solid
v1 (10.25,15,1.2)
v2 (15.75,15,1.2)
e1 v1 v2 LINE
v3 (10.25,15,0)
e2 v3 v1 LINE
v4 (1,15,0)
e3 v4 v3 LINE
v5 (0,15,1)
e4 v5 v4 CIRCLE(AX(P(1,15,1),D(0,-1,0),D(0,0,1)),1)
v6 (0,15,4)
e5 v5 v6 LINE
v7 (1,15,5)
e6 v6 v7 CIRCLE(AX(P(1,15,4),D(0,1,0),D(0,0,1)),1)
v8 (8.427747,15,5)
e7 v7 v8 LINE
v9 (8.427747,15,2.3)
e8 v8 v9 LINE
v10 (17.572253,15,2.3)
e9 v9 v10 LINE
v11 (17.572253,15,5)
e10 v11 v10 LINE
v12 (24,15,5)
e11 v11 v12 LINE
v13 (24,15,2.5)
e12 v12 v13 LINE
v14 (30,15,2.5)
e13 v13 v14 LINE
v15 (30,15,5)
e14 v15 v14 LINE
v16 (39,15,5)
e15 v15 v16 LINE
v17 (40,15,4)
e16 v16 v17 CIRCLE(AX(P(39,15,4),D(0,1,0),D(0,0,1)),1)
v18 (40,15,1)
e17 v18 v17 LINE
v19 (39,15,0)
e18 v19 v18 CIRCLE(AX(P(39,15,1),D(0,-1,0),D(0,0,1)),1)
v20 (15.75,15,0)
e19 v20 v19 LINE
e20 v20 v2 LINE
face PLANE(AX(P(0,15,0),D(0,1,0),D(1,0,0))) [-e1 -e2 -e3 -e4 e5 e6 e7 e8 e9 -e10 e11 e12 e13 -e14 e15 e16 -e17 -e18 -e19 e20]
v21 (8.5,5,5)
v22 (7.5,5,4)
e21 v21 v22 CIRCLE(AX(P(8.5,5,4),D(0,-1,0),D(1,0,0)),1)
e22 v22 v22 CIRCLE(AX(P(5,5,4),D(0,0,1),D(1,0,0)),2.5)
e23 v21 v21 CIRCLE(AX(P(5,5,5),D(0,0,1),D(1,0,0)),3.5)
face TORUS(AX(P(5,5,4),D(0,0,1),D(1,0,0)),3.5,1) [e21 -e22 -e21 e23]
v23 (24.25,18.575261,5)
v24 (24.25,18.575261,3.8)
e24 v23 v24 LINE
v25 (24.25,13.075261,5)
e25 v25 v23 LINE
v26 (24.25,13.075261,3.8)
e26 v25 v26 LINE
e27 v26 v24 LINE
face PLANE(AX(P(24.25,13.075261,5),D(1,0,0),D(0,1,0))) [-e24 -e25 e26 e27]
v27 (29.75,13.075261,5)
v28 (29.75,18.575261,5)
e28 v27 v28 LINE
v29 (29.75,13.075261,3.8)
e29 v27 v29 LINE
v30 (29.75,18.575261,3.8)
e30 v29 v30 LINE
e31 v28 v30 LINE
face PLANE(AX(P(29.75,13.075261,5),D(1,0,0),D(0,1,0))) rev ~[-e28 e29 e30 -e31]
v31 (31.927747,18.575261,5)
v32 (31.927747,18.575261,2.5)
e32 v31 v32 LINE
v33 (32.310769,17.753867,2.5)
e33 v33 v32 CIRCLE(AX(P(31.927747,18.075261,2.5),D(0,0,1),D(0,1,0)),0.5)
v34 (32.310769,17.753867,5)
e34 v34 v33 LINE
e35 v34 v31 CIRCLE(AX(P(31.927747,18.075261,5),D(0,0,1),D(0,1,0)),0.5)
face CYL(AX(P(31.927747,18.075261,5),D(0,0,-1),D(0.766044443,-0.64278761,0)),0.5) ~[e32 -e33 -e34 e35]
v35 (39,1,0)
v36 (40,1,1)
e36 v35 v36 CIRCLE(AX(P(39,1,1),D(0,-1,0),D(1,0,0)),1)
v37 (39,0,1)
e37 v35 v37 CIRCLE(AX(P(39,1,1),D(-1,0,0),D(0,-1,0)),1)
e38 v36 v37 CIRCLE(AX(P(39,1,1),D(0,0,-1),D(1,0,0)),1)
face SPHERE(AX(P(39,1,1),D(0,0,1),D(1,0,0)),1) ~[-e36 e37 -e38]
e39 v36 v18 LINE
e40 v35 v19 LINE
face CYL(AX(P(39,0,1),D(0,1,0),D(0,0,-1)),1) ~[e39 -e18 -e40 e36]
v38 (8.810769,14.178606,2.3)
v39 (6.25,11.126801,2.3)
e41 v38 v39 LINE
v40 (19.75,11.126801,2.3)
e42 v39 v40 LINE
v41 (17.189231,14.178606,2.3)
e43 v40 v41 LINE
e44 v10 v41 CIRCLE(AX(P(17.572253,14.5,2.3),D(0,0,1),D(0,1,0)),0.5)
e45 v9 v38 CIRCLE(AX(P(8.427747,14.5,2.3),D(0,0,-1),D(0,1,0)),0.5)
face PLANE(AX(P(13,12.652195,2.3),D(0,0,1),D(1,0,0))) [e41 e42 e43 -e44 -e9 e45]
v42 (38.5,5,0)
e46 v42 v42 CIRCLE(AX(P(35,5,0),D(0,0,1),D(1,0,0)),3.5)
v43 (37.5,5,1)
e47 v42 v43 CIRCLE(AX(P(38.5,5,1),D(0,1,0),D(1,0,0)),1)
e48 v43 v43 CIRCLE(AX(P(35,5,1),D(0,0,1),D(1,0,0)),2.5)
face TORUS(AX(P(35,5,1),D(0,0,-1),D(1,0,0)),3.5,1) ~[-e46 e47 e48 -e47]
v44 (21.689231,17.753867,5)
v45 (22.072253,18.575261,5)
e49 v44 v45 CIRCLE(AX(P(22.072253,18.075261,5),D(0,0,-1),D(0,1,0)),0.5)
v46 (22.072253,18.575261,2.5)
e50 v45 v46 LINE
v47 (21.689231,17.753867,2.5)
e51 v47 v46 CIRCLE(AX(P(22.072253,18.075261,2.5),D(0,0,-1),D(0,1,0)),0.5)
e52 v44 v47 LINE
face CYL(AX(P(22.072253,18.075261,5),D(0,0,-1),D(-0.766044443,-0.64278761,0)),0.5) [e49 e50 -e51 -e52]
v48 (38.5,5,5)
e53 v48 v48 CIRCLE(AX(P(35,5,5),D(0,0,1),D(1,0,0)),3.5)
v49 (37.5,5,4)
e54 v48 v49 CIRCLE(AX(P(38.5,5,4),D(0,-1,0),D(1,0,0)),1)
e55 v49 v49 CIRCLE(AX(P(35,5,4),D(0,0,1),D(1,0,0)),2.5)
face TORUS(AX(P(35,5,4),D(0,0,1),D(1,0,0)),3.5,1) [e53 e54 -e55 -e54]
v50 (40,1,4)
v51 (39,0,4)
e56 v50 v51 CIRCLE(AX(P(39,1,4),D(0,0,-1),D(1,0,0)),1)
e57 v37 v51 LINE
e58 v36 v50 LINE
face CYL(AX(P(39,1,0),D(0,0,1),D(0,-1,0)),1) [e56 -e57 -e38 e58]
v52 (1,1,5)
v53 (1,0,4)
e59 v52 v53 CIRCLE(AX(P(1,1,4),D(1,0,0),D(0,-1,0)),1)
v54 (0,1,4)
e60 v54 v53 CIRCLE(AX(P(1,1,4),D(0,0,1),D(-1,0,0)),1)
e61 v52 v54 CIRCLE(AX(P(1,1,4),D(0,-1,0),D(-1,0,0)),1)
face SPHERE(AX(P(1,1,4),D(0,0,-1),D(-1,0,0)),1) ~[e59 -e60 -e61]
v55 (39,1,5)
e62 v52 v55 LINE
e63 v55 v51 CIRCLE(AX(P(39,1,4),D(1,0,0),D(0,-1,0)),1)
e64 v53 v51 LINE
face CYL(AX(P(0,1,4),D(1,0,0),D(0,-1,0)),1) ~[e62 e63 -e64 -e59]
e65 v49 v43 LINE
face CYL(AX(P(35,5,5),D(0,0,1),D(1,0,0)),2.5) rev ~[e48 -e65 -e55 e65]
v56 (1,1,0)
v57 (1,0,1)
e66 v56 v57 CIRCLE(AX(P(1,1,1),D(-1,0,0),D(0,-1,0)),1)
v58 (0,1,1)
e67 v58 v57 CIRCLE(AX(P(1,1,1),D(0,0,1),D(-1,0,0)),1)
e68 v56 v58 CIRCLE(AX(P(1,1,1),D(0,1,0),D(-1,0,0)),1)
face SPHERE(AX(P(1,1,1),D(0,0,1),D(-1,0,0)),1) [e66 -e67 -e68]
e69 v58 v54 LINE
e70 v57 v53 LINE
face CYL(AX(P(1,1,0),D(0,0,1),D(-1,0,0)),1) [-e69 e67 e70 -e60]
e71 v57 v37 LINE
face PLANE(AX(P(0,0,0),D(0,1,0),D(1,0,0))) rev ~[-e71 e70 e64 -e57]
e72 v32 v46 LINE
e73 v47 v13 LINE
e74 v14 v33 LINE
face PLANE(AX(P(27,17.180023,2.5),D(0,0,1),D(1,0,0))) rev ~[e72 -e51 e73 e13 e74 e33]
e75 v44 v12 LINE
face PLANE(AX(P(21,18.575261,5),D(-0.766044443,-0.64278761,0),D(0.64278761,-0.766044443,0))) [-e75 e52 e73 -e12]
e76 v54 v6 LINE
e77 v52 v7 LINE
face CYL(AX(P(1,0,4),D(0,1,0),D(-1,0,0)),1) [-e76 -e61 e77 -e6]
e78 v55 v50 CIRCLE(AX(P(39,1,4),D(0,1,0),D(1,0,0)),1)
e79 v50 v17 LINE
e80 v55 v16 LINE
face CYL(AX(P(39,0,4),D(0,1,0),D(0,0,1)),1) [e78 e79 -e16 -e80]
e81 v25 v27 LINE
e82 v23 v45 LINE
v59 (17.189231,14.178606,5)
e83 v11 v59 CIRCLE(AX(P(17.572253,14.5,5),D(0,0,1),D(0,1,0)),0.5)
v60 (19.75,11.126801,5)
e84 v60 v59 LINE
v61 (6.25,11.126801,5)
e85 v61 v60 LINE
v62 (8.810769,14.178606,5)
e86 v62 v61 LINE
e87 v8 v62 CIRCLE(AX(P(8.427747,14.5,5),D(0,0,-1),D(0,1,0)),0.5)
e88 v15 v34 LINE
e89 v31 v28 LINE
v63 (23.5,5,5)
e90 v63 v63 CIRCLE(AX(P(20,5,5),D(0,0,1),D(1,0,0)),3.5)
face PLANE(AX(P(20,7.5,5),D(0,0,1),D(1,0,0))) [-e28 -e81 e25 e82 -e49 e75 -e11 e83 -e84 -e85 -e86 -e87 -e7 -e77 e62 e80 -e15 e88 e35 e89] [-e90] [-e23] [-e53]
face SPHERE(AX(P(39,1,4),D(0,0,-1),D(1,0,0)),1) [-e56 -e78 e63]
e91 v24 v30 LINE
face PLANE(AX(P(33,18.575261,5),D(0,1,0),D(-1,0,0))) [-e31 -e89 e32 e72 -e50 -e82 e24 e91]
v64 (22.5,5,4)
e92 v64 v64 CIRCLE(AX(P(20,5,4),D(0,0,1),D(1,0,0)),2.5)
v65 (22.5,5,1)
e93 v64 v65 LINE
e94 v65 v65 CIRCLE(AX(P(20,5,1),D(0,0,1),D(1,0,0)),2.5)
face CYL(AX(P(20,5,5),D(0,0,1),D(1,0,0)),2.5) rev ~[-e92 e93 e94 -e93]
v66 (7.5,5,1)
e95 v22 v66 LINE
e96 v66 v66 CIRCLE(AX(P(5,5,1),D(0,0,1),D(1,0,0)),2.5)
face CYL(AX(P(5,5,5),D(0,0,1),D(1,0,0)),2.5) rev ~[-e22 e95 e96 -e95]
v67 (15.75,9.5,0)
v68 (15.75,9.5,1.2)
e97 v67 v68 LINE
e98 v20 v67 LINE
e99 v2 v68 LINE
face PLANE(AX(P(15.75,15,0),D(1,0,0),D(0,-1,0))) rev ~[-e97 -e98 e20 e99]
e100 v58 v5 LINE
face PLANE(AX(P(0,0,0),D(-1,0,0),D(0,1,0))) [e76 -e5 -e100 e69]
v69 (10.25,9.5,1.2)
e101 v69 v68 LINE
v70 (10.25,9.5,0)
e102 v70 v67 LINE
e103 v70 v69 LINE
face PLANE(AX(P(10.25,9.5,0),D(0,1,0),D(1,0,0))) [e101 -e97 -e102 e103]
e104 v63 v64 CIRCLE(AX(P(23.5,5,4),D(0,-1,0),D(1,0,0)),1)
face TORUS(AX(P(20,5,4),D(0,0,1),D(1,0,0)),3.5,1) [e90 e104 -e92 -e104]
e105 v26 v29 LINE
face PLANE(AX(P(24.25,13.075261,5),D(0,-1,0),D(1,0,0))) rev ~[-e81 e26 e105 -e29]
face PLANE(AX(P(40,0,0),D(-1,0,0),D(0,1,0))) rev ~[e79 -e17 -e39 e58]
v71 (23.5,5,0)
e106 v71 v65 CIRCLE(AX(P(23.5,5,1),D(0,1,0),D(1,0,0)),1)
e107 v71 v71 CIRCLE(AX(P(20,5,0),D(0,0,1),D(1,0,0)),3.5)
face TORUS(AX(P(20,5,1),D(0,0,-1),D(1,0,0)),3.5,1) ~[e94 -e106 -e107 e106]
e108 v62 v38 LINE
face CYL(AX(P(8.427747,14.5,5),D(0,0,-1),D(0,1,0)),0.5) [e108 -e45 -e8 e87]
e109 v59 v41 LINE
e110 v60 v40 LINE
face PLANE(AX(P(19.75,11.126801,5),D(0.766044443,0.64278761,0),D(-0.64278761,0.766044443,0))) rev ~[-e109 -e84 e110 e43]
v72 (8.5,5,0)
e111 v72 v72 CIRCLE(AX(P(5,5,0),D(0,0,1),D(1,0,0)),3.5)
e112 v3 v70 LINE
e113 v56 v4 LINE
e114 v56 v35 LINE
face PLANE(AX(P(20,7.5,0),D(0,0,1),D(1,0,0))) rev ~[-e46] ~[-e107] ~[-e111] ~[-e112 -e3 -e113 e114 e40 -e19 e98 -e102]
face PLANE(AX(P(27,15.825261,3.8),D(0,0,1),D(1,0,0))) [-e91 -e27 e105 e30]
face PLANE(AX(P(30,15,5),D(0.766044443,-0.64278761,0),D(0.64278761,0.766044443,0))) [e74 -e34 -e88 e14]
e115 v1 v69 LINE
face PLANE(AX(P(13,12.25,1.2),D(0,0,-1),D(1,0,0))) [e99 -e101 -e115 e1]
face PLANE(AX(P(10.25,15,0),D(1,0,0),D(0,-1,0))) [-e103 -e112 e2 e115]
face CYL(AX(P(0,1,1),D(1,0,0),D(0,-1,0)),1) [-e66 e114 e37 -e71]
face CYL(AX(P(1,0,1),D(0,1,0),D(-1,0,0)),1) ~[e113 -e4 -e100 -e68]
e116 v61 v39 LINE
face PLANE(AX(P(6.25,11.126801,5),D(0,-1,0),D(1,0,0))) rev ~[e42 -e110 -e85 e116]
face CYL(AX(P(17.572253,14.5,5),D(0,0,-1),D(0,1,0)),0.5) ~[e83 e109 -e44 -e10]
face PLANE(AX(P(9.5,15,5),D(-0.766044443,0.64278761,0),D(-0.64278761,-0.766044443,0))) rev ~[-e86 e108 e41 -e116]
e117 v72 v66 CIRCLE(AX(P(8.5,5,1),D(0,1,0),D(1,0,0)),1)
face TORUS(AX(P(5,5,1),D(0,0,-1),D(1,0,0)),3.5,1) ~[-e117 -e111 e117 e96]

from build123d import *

# Parameters (mm, degrees)
F0_W      = 40
F0_H      = 15
F1_DEPTH  = 5
F2_R      = 2.5
F3_DEPTH  = 5.001
F5_DEPTH  = 2.5
F7_DEPTH  = 2.7
F8_R      = 1
F9_R      = 1
F10_R     = 0.5
F11_W     = 5.5
F11_H     = 5.5
F12_DEPTH = 1.2
F13_W     = 5.5
F13_H     = 5.5
F14_DEPTH = 1.2


with BuildPart() as f1:
    # F0 (on Top) → F1 (new body)
    with BuildSketch(Plane.XY):
        with Locations((20, 7.5)):
            Rectangle(F0_W, F0_H)
    extrude(amount=F1_DEPTH)

    # F2 (on face) → F3 (cut, through all)
    with BuildSketch(Plane.XY.offset(5)):
        with Locations((5, 5)):
            Circle(F2_R)
        with Locations((20, 5)):
            Circle(F2_R)
        with Locations((35, 5)):
            Circle(F2_R)
    extrude(amount=-F3_DEPTH, mode=Mode.SUBTRACT)

    # F4 (on face) → F5 (join)
    with BuildSketch(Plane.XY.offset(5)):
        Polygon((21, 18.5752607778), (24, 15), (30, 15), (33, 18.5752607778), align=None)
    extrude(amount=-F5_DEPTH)

    # F6 (on face) → F7 (cut)
    with BuildSketch(Plane.XY.offset(5)):
        Polygon((16.5, 15), (9.5, 15), (6.25, 11.1268008241), (19.75, 11.1268008241), align=None)
    extrude(amount=-F7_DEPTH, mode=Mode.SUBTRACT)

    # F8
    f8_edges = [f1.edges().sort_by_distance(p)[0] for p in [
        (0, 0, 2.5),
        (40, 0, 2.5),
        (0, 7.5, 5),
        (0, 7.5, 0),
        (40, 7.5, 5),
        (40, 7.5, 0),
        (20, 0, 5),
        (20, 0, 0),
    ]]
    fillet(f8_edges, radius=F8_R)

    # F9
    f9_edges = [f1.edges().sort_by_distance(p)[0] for p in [
        (2.5, 5, 5),
        (17.5, 5, 5),
        (32.5, 5, 5),
        (2.5, 5, 0),
        (17.5, 5, 0),
        (32.5, 5, 0),
    ]]
    fillet(f9_edges, radius=F9_R)

    # F10
    f10_edges = [f1.edges().sort_by_distance(p)[0] for p in [
        (21, 18.575261, 3.75),
        (33, 18.575261, 3.75),
        (9.5, 15, 3.65),
        (16.5, 15, 3.65),
    ]]
    fillet(f10_edges, radius=F10_R)

    # F11 (on face) → F12 (cut)
    with BuildSketch(Plane.XY.offset(5)):
        with Locations((27, 15.8252607778)):
            Rectangle(F11_W, F11_H)
    extrude(amount=-F12_DEPTH, mode=Mode.SUBTRACT)

    # F13 (on face) → F14 (cut)
    with BuildSketch(Plane(origin=(0, 0, 0), x_dir=(1, 0, 0), z_dir=(0, 0, -1))):
        with Locations((13, -12.25)):
            Rectangle(F13_W, F13_H)
    extrude(amount=-F14_DEPTH, mode=Mode.SUBTRACT)


solid = f1.part
